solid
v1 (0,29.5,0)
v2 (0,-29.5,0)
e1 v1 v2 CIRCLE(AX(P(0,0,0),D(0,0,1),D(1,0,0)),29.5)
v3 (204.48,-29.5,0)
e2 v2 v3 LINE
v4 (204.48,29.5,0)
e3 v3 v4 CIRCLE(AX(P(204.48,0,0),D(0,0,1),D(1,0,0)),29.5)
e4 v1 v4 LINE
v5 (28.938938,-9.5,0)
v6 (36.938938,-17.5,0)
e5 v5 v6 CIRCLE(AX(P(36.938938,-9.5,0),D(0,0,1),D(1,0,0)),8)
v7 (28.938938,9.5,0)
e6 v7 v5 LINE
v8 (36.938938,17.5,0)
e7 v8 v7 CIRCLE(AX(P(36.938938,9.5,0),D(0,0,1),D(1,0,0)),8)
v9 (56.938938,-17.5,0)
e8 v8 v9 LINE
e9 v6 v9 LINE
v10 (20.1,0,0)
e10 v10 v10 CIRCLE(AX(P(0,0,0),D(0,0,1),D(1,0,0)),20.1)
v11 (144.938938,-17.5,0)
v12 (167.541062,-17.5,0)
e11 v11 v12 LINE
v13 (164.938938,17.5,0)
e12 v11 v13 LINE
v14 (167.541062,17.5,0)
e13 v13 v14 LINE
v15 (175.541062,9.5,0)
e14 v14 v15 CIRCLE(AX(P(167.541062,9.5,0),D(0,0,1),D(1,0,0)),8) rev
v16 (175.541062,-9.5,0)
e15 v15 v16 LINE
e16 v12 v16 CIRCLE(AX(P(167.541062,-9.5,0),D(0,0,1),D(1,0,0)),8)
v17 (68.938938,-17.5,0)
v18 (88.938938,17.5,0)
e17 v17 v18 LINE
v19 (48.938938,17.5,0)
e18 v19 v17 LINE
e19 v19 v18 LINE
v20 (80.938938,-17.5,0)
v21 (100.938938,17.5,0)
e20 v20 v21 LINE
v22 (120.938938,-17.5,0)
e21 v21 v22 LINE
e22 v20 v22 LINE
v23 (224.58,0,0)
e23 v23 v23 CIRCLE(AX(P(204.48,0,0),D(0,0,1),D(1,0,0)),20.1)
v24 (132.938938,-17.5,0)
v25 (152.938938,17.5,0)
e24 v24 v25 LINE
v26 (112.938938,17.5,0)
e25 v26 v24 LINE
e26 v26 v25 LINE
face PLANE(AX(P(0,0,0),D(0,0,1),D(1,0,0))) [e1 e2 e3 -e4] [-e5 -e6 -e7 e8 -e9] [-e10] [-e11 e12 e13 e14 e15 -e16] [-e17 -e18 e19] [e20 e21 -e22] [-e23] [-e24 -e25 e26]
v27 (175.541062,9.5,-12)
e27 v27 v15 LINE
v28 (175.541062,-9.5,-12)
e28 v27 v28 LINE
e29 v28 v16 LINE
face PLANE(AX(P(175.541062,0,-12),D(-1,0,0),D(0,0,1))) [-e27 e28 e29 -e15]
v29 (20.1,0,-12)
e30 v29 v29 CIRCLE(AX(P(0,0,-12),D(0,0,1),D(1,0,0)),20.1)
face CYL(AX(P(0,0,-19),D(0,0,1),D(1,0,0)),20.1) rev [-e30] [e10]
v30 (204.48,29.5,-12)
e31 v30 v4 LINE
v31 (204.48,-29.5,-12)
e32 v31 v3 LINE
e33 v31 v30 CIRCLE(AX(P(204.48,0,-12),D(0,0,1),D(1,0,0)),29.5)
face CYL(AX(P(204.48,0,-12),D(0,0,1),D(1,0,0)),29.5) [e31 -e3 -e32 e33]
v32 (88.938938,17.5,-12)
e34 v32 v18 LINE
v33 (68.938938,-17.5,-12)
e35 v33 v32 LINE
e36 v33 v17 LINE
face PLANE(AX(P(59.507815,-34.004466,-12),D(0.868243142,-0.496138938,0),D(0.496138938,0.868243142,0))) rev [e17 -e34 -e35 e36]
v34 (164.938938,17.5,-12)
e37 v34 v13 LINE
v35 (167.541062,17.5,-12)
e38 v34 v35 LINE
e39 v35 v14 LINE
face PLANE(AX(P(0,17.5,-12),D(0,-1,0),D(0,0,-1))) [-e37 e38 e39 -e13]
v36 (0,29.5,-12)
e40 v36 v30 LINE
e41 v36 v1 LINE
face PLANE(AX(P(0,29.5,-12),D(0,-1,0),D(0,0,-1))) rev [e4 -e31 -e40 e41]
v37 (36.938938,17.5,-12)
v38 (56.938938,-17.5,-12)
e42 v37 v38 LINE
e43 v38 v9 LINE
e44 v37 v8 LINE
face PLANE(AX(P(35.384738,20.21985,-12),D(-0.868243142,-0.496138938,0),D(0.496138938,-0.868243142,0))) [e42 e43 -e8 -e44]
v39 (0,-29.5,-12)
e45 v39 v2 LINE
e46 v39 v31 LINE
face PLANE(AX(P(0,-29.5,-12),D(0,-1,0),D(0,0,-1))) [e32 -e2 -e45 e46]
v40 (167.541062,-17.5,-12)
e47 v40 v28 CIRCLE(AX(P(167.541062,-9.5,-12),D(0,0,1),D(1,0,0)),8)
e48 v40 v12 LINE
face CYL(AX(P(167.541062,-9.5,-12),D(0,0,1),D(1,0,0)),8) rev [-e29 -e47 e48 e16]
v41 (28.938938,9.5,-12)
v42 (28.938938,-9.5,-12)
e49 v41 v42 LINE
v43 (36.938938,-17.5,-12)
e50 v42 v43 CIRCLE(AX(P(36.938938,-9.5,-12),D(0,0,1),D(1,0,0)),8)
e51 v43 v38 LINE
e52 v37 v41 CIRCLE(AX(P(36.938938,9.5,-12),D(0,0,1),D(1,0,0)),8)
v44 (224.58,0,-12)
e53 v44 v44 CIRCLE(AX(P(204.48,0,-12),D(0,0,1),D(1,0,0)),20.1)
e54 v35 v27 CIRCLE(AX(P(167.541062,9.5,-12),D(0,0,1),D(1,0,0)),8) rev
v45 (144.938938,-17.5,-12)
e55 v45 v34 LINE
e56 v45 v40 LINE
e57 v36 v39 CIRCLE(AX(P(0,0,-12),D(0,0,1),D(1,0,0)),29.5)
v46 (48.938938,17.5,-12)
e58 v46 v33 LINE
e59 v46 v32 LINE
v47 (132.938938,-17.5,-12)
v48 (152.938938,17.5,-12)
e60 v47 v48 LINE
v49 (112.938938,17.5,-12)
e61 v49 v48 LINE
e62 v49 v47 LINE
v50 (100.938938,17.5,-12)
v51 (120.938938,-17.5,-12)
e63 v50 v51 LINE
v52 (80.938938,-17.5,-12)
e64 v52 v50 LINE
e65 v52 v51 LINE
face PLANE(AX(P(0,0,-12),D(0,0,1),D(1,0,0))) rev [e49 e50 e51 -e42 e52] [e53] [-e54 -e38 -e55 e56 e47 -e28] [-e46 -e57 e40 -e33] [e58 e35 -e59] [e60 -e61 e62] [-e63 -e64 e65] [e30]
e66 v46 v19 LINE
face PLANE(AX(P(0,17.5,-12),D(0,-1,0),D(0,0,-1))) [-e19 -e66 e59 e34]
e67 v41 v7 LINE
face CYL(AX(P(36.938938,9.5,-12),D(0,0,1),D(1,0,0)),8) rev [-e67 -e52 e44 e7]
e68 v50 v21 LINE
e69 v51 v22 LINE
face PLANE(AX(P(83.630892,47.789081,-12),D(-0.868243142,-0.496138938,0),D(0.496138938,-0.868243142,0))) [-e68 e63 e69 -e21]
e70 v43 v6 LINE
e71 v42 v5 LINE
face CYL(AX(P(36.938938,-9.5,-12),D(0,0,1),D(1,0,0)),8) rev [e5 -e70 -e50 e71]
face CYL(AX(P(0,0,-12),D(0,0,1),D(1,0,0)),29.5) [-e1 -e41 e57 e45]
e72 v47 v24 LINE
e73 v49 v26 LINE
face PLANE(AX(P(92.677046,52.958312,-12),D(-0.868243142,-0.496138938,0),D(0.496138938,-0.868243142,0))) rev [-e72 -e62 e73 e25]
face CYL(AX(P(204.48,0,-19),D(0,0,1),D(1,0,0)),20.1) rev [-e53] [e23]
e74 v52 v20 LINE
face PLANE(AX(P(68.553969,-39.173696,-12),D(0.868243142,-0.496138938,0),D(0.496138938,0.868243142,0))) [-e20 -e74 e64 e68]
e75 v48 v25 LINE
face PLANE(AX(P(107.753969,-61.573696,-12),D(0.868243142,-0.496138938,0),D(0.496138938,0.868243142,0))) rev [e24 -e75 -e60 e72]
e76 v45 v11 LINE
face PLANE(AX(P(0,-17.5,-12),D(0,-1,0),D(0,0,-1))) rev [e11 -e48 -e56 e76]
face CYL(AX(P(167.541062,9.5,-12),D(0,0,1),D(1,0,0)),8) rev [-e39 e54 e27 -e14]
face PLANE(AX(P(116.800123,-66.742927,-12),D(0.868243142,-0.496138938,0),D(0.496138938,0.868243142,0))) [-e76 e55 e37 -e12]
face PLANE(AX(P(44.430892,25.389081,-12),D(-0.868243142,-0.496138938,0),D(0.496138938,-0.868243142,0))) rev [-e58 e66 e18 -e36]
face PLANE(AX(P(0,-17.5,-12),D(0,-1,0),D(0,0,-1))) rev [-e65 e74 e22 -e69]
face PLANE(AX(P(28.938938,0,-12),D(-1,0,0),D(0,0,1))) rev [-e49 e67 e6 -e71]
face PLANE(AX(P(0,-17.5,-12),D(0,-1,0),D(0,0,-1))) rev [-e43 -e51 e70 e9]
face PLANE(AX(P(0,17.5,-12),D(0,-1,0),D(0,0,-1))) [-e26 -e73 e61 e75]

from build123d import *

# Parameters (mm, degrees)
BOSS_EXTRUDE2_DEPTH = 12
CUT_EXTRUDE4_DEPTH  = 12
SKETCH8_R           = 20.1
CUT_EXTRUDE5_DEPTH  = 19
SKETCH9_R           = 20.1
CUT_EXTRUDE6_DEPTH  = 19


with BuildPart() as part:
    # Sketch1 → Boss-Extrude2 (new body)
    with BuildSketch(Plane.XY):
        with BuildLine():
            Line((0, 29.5), (204.48, 29.5))
            ThreePointArc((204.48, 29.5), (233.98, 0), (204.48, -29.5))
            Line((204.48, -29.5), (0, -29.5))
            ThreePointArc((0, -29.5), (-29.5, 0), (0, 29.5))
        make_face()
    extrude(amount=-BOSS_EXTRUDE2_DEPTH)

    # Sketch7 → Cut-Extrude4 (cut)
    with BuildSketch(Plane.XY):
        with BuildLine():
            Line((56.938938215, -17.5), (36.938938215, 17.5))
            ThreePointArc((36.938938215, 17.5), (31.282083966, 15.156854249), (28.938938215, 9.5))
            Line((28.938938215, 9.5), (28.938938215, -9.5))
            ThreePointArc((28.938938215, -9.5), (31.282083966, -15.156854249), (36.938938215, -17.5))
            Line((36.938938215, -17.5), (56.938938215, -17.5))
        make_face()
        Polygon((88.938938215, 17.5), (48.938938215, 17.5), (68.938938215, -17.5), align=None)
        Polygon((120.938938215, -17.5), (100.938938215, 17.5), (80.938938215, -17.5), align=None)
        Polygon((152.938938215, 17.5), (112.938938215, 17.5), (132.938938215, -17.5), align=None)
        with BuildLine():
            Line((167.541061785, 17.5), (164.938938215, 17.5))
            Line((164.938938215, 17.5), (144.938938215, -17.5))
            Line((144.938938215, -17.5), (167.541061785, -17.5))
            ThreePointArc((167.541061785, -17.5), (173.197916034, -15.156854249), (175.541061785, -9.5))
            Line((175.541061785, -9.5), (175.541061785, 9.5))
            ThreePointArc((175.541061785, 9.5), (173.197916034, 15.156854249), (167.541061785, 17.5))
        make_face()
    extrude(amount=-CUT_EXTRUDE4_DEPTH, mode=Mode.SUBTRACT)

    # Sketch8 → Cut-Extrude5 (cut)
    with BuildSketch(Plane.XY):
        Circle(SKETCH8_R)
    extrude(amount=-CUT_EXTRUDE5_DEPTH, mode=Mode.SUBTRACT)

    # Sketch9 → Cut-Extrude6 (cut)
    with BuildSketch(Plane.XY):
        with Locations((204.48, 0)):
            Circle(SKETCH9_R)
    extrude(amount=-CUT_EXTRUDE6_DEPTH, mode=Mode.SUBTRACT)


solid = part.part
